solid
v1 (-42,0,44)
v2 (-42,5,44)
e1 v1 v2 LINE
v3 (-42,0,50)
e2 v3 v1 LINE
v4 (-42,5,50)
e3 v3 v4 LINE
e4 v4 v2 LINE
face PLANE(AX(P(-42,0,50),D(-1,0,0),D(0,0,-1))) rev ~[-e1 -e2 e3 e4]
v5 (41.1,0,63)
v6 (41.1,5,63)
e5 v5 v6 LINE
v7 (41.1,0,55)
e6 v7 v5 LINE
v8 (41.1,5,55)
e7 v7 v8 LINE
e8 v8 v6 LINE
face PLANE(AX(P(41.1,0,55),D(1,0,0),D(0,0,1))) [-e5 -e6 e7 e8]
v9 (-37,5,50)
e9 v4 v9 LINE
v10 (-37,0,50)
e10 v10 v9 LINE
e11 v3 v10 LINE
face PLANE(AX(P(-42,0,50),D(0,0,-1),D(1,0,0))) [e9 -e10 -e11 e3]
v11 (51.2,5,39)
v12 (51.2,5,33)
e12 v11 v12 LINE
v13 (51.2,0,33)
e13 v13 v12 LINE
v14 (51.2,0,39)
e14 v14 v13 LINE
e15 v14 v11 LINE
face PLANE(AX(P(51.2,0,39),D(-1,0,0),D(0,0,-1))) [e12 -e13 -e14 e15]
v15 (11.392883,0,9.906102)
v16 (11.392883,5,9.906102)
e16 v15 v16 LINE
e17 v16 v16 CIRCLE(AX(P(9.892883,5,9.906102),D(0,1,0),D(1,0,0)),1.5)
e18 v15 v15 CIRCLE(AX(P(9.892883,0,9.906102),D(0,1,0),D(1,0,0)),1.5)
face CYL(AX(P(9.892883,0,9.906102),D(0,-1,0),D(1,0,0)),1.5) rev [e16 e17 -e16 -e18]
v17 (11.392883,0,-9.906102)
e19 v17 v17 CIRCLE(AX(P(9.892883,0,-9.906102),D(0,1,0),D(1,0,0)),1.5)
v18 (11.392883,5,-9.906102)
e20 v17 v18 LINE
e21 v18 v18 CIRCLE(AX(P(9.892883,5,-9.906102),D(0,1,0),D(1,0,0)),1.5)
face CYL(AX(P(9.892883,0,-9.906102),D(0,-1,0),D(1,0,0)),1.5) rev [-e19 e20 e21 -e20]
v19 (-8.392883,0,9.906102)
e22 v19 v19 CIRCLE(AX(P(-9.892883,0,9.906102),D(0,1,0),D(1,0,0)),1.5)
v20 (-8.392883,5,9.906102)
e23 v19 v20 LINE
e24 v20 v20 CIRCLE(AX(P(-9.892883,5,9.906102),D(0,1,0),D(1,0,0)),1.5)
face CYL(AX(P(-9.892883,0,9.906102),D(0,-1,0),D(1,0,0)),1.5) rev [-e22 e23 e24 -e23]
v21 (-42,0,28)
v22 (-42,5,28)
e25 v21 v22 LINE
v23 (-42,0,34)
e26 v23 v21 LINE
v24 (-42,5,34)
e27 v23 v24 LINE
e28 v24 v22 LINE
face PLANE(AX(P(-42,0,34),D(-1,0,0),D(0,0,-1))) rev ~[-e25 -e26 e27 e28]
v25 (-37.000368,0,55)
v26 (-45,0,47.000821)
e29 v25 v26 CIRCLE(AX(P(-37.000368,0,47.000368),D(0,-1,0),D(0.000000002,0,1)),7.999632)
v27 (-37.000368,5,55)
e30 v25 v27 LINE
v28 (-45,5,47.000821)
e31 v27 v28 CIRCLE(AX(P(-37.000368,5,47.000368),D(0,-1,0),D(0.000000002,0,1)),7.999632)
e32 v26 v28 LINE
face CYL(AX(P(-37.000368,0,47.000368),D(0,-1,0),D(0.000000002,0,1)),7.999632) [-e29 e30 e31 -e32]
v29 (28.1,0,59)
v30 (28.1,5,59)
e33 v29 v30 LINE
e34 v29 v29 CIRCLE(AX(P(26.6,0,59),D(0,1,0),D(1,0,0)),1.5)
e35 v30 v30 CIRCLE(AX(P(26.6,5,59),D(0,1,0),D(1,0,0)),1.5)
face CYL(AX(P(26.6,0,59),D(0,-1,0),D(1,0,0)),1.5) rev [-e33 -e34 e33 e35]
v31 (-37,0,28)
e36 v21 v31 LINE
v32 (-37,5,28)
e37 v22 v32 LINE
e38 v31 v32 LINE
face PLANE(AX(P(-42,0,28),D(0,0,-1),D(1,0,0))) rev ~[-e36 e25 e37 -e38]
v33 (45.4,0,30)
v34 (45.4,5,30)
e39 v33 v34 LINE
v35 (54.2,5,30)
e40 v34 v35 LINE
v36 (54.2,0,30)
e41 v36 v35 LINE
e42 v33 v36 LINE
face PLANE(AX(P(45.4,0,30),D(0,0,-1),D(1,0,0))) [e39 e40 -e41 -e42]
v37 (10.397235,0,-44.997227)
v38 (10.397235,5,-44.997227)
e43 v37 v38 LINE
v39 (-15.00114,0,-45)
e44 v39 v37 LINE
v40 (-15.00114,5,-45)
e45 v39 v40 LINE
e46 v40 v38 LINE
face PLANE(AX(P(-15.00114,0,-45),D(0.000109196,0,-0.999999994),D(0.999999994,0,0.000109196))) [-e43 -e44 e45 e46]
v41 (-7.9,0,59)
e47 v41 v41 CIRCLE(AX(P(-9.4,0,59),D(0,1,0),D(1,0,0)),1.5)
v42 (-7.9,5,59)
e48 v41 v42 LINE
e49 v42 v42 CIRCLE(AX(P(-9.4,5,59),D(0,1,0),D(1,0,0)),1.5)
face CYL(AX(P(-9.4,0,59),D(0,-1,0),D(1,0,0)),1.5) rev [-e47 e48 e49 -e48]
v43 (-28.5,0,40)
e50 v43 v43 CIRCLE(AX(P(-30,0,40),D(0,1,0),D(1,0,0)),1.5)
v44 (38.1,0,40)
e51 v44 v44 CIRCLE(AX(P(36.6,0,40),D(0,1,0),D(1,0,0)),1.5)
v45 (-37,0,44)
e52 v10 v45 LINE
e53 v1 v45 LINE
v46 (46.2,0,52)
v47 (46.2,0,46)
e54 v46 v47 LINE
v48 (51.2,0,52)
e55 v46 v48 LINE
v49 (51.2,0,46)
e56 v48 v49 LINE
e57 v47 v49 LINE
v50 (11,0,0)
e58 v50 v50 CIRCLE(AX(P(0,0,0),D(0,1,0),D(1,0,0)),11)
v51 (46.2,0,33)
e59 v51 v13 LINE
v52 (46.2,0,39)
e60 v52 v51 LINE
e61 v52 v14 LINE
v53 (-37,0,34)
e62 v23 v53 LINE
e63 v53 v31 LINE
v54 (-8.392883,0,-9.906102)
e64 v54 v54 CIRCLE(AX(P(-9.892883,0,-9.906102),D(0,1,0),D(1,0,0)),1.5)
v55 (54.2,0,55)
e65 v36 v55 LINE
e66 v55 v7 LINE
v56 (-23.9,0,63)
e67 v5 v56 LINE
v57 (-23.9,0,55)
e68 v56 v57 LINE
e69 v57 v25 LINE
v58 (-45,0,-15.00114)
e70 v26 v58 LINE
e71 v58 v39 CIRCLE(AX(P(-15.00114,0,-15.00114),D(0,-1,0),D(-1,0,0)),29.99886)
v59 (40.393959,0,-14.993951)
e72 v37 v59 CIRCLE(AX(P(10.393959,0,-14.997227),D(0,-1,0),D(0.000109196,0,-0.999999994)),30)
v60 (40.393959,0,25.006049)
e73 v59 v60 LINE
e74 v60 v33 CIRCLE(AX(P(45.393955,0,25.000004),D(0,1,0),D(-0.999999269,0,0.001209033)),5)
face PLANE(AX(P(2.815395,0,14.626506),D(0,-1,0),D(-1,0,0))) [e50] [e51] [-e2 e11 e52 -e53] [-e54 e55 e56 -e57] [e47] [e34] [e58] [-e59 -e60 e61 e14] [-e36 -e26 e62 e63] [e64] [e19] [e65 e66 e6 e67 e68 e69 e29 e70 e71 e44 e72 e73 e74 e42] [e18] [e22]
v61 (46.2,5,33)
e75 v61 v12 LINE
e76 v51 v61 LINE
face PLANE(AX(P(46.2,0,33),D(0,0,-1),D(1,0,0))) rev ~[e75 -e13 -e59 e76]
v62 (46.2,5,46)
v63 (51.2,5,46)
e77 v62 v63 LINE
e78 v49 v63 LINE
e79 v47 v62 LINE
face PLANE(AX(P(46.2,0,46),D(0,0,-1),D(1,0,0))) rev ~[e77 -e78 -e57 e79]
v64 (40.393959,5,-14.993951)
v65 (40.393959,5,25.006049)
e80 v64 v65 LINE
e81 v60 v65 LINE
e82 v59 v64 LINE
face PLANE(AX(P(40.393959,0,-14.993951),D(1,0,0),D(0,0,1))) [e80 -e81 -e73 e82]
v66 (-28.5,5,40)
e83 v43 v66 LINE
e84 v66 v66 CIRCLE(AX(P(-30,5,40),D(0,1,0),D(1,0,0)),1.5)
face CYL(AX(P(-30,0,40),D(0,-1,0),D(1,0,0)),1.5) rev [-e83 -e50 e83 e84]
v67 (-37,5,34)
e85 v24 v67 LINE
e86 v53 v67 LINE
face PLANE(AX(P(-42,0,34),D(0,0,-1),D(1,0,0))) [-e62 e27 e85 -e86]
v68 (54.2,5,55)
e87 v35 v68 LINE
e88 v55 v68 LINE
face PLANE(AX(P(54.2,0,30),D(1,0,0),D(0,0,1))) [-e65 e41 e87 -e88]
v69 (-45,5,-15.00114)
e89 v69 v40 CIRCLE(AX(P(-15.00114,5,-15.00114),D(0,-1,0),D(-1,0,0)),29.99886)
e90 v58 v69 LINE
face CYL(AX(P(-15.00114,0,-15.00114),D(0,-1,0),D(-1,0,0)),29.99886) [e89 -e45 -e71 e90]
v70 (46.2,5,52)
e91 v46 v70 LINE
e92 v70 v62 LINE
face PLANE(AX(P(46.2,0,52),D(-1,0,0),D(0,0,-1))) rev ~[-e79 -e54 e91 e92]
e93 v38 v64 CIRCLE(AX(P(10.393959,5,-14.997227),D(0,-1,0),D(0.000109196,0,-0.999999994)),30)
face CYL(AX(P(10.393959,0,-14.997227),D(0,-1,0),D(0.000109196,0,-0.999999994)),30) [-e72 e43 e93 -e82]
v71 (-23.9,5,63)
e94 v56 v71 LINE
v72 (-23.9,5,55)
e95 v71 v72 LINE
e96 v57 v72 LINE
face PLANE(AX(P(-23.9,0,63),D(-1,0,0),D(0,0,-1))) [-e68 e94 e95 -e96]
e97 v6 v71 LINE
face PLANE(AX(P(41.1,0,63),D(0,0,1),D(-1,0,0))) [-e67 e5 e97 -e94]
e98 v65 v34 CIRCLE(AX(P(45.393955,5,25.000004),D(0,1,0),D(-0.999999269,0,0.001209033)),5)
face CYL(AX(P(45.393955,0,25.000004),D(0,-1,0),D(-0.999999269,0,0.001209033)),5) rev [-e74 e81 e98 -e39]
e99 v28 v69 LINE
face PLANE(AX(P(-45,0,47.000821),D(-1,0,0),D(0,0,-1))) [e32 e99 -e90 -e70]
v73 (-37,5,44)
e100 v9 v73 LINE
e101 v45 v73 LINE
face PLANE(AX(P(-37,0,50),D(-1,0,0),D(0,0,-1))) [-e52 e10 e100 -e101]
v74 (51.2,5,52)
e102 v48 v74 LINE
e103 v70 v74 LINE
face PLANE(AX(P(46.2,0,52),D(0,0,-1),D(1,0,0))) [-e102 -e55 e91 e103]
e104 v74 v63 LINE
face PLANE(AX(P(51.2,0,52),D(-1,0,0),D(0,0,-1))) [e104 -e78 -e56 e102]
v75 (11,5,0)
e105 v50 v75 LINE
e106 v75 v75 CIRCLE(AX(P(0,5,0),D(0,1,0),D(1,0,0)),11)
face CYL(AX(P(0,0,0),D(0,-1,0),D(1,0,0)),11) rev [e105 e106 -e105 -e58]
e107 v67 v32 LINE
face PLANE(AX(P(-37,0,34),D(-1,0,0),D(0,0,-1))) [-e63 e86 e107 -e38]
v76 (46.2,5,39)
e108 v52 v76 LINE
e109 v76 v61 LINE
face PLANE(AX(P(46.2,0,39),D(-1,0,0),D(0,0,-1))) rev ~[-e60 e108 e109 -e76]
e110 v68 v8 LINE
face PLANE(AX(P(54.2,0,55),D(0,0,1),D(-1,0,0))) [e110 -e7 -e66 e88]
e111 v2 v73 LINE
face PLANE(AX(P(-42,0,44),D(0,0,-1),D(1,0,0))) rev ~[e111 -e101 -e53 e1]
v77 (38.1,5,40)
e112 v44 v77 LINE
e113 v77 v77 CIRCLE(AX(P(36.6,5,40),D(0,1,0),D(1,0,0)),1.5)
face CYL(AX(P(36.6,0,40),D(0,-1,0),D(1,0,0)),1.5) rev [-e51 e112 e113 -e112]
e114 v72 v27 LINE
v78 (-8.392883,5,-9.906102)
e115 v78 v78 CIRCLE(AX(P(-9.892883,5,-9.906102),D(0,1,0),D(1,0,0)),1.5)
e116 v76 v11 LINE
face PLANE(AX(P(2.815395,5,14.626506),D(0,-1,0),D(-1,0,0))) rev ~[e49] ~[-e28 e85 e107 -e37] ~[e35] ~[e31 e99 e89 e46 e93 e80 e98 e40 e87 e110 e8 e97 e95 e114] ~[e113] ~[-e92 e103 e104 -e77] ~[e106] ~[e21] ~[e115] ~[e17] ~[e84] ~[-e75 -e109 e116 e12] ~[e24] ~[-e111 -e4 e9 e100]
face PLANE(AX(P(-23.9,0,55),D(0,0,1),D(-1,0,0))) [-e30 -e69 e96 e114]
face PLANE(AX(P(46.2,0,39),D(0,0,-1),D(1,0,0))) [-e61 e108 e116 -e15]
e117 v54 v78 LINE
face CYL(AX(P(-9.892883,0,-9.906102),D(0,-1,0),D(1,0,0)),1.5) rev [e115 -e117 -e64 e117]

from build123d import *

# Parameters (mm, degrees)
SKETCH1_R           = 11
SKETCH1_R_2         = 1.5
SKETCH1_W           = 5
SKETCH1_H           = 6
BOSS_EXTRUDE1_DEPTH = 5


with BuildPart() as part:
    # Sketch1 → Boss-Extrude1 (new body)
    with BuildSketch(Plane(origin=(0, 0, 0), x_dir=(1, 0, 0), z_dir=(0, 1, 0))):
        with BuildLine():
            Line((40.393958783, 14.993950885), (40.393958783, -25.006049115))
            ThreePointArc((40.393958783, -25.006049115), (41.862698298, -28.539809641), (45.4, -30))
            Line((45.4, -30), (54.2, -30))
            Line((54.2, -30), (54.2, -55))
            Line((54.2, -55), (41.099999997, -55))
            Line((41.099999997, -55), (41.099999997, -63))
            Line((41.099999997, -63), (-23.900000003, -63))
            Line((-23.900000003, -63), (-23.900000003, -55))
            Line((-23.900000003, -55), (-37.00036842, -55))
            ThreePointArc((-37.00036842, -55), (-42.656802211, -52.657122122), (-45.000000024, -47.000820858))
            Line((-45.000000024, -47.000820858), (-45.000000024, 15.001139744))
            ThreePointArc((-45.000000024, 15.001139744), (-36.213537283, 36.213537259), (-15.001139768, 45))
            Line((-15.001139768, 45), (10.397234849, 44.997226593))
            ThreePointArc((10.397234849, 44.997226593), (31.609478673, 36.208113679), (40.393958783, 14.993950885))
        make_face()
        Circle(SKETCH1_R, mode=Mode.SUBTRACT)
        with Locations((9.89288341, 9.906102051)):
            Circle(SKETCH1_R_2, mode=Mode.SUBTRACT)
        with Locations((9.89288341, -9.906102051)):
            Circle(SKETCH1_R_2, mode=Mode.SUBTRACT)
        with Locations((-9.89288341, -9.906102051)):
            Circle(SKETCH1_R_2, mode=Mode.SUBTRACT)
        with Locations((-9.89288341, 9.906102051)):
            Circle(SKETCH1_R_2, mode=Mode.SUBTRACT)
        with Locations((-9.400000003, -59)):
            Circle(SKETCH1_R_2, mode=Mode.SUBTRACT)
        with Locations((26.599999997, -59)):
            Circle(SKETCH1_R_2, mode=Mode.SUBTRACT)
        with Locations((-30.000000024, -40)):
            Circle(SKETCH1_R_2, mode=Mode.SUBTRACT)
        with Locations((36.599999976, -40)):
            Circle(SKETCH1_R_2, mode=Mode.SUBTRACT)
        with Locations((-39.500000024, -31)):
            Rectangle(SKETCH1_W, SKETCH1_H, mode=Mode.SUBTRACT)
        with Locations((-39.500000024, -47)):
            Rectangle(SKETCH1_W, SKETCH1_H, mode=Mode.SUBTRACT)
        with Locations((48.7, -36)):
            Rectangle(SKETCH1_W, SKETCH1_H, mode=Mode.SUBTRACT)
        with Locations((48.7, -49)):
            Rectangle(SKETCH1_W, SKETCH1_H, mode=Mode.SUBTRACT)
    extrude(amount=BOSS_EXTRUDE1_DEPTH)


solid = part.part
